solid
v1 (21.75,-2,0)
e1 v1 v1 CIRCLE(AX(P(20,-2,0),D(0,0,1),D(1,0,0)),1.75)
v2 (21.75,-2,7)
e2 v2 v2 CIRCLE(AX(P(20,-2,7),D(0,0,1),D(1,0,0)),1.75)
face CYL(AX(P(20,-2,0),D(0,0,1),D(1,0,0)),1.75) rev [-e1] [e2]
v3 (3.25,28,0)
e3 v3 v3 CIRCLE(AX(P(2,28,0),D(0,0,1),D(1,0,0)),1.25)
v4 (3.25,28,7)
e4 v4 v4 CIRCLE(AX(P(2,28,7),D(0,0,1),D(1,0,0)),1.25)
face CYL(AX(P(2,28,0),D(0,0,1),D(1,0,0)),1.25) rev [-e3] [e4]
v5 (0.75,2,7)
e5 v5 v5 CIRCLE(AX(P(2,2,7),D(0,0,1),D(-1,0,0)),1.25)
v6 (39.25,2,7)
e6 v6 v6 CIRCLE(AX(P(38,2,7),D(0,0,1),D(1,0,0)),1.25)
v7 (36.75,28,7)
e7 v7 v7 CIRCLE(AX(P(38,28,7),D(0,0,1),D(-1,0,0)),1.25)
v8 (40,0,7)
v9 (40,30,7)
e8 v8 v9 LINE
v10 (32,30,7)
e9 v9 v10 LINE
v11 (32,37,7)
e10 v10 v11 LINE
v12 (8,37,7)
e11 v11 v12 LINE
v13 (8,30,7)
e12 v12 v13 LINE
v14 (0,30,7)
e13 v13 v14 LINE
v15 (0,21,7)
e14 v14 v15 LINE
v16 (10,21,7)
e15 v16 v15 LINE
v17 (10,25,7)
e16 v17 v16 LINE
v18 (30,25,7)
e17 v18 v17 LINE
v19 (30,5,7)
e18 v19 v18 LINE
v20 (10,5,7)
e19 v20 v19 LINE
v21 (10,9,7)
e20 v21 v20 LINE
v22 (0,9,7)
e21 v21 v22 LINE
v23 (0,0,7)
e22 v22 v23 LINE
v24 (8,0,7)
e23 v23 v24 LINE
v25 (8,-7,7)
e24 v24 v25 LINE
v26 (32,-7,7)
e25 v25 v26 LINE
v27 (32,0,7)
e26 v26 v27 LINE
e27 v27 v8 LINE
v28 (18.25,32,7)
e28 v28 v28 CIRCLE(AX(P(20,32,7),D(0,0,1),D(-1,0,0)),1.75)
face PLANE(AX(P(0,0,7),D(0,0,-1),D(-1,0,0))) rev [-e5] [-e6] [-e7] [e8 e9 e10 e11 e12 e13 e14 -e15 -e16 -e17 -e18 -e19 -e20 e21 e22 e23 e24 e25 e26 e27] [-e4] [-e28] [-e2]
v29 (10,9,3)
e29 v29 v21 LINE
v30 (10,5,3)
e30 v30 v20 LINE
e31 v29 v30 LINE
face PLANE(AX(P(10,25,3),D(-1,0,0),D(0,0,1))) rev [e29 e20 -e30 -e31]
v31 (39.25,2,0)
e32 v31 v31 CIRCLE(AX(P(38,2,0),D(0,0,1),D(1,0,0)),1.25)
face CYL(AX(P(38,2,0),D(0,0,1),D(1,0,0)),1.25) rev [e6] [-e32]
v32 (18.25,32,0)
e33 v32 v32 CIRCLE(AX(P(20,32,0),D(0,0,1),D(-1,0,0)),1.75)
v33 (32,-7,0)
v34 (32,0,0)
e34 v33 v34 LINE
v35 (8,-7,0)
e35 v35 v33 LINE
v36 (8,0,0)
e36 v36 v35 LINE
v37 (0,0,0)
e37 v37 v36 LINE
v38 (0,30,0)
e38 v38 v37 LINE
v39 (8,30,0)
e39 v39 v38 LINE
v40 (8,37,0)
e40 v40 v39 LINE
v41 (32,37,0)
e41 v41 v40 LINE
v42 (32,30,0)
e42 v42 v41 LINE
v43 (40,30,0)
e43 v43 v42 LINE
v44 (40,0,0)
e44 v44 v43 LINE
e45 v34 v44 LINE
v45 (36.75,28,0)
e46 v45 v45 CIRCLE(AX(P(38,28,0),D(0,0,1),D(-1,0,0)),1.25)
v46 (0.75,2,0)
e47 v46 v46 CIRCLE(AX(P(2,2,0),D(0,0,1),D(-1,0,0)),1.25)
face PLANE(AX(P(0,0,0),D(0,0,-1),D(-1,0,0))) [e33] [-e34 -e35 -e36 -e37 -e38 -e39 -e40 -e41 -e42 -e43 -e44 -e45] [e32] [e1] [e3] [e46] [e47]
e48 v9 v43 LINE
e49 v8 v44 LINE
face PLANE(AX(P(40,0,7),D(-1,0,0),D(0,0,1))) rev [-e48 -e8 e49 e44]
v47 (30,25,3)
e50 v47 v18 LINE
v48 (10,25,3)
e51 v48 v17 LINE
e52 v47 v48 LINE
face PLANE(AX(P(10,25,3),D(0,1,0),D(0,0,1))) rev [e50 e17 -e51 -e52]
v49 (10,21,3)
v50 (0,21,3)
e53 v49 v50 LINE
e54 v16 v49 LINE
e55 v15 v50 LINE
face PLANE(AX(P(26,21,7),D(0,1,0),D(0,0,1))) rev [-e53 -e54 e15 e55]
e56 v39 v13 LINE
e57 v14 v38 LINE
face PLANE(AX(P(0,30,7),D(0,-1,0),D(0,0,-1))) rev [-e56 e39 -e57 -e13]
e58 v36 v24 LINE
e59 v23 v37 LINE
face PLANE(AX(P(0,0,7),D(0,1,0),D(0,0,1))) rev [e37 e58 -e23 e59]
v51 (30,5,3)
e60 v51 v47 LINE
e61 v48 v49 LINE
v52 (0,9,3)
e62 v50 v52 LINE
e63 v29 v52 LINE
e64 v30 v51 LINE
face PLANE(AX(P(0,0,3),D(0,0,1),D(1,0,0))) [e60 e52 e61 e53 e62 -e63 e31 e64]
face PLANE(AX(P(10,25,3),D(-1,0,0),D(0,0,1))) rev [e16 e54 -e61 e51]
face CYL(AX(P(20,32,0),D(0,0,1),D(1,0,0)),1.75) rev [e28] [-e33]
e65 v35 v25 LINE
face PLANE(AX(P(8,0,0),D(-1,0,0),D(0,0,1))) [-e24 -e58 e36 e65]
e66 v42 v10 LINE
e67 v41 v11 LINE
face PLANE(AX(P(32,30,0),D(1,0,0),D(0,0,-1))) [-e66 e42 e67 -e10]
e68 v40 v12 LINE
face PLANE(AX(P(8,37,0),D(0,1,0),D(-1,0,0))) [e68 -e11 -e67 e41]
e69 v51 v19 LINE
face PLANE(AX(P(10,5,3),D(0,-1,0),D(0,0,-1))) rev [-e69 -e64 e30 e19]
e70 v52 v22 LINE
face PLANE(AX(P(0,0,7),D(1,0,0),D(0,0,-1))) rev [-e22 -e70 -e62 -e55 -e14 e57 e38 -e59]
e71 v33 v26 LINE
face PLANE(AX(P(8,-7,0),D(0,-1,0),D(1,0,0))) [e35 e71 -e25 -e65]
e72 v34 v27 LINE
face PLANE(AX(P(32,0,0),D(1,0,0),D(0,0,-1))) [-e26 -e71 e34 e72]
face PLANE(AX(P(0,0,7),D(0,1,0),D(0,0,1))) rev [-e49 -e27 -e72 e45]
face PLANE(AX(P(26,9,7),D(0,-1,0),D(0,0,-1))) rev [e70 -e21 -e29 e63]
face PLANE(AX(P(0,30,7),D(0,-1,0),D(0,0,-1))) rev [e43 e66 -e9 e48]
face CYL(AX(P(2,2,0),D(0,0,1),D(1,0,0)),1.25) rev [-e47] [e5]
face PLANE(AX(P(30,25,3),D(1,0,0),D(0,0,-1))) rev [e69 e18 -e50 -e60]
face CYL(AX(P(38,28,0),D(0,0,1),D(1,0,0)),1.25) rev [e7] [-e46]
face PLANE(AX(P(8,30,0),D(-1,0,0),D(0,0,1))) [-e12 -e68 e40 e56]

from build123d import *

# Parameters (mm, degrees)
SKETCH1_W           = 40
SKETCH1_H           = 30
BOSS_EXTRUDE1_DEPTH = 7
SKETCH2_W           = 20
SKETCH2_H           = 20
CUT_EXTRUDE1_DEPTH  = 4
SKETCH3_W           = 4
SKETCH3_H           = 12
CUT_EXTRUDE2_DEPTH  = 26
SKETCH4_R           = 1.25
CUT_EXTRUDE3_DEPTH  = 8
SKETCH5_W           = 24
SKETCH5_H           = 7
BOSS_EXTRUDE2_DEPTH = 7
SKETCH6_R           = 1.75
CUT_EXTRUDE4_DEPTH  = 8


with BuildPart() as part:
    # Sketch1 → Boss-Extrude1 (new body)
    with BuildSketch(Plane.XY):
        with Locations((20, 15)):
            Rectangle(SKETCH1_W, SKETCH1_H)
    extrude(amount=BOSS_EXTRUDE1_DEPTH)

    # Sketch2 → Cut-Extrude1 (cut)
    with BuildSketch(Plane.XY.offset(7)):
        with Locations((20, 15)):
            Rectangle(SKETCH2_W, SKETCH2_H)
    extrude(amount=-CUT_EXTRUDE1_DEPTH, mode=Mode.SUBTRACT)

    # Sketch3 → Cut-Extrude2 (cut)
    with BuildSketch(Plane.ZY):
        with Locations((5, 15)):
            Rectangle(SKETCH3_W, SKETCH3_H)
    extrude(amount=-CUT_EXTRUDE2_DEPTH, mode=Mode.SUBTRACT)

    # Sketch4 → Cut-Extrude3 (cut, through all)
    with BuildSketch(Plane.XY.offset(7)):
        with Locations((2, 28)):
            Circle(SKETCH4_R)
        with Locations((38, 28)):
            Circle(SKETCH4_R)
        with Locations((38, 2)):
            Circle(SKETCH4_R)
        with Locations((2, 2)):
            Circle(SKETCH4_R)
    extrude(amount=-CUT_EXTRUDE3_DEPTH, mode=Mode.SUBTRACT)

    # Sketch5 → Boss-Extrude2 (add)
    with BuildSketch(Plane.XY.offset(7)):
        with Locations((20, 33.5)):
            Rectangle(SKETCH5_W, SKETCH5_H)
        with Locations((20, -3.5)):
            Rectangle(SKETCH5_W, SKETCH5_H)
    extrude(amount=-BOSS_EXTRUDE2_DEPTH)

    # Sketch6 → Cut-Extrude4 (cut, through all)
    with BuildSketch(Plane.XY.offset(7)):
        with Locations((20, -2)):
            Circle(SKETCH6_R)
        with Locations((20, 32)):
            Circle(SKETCH6_R)
    extrude(amount=-CUT_EXTRUDE4_DEPTH, mode=Mode.SUBTRACT)


solid = part.part
